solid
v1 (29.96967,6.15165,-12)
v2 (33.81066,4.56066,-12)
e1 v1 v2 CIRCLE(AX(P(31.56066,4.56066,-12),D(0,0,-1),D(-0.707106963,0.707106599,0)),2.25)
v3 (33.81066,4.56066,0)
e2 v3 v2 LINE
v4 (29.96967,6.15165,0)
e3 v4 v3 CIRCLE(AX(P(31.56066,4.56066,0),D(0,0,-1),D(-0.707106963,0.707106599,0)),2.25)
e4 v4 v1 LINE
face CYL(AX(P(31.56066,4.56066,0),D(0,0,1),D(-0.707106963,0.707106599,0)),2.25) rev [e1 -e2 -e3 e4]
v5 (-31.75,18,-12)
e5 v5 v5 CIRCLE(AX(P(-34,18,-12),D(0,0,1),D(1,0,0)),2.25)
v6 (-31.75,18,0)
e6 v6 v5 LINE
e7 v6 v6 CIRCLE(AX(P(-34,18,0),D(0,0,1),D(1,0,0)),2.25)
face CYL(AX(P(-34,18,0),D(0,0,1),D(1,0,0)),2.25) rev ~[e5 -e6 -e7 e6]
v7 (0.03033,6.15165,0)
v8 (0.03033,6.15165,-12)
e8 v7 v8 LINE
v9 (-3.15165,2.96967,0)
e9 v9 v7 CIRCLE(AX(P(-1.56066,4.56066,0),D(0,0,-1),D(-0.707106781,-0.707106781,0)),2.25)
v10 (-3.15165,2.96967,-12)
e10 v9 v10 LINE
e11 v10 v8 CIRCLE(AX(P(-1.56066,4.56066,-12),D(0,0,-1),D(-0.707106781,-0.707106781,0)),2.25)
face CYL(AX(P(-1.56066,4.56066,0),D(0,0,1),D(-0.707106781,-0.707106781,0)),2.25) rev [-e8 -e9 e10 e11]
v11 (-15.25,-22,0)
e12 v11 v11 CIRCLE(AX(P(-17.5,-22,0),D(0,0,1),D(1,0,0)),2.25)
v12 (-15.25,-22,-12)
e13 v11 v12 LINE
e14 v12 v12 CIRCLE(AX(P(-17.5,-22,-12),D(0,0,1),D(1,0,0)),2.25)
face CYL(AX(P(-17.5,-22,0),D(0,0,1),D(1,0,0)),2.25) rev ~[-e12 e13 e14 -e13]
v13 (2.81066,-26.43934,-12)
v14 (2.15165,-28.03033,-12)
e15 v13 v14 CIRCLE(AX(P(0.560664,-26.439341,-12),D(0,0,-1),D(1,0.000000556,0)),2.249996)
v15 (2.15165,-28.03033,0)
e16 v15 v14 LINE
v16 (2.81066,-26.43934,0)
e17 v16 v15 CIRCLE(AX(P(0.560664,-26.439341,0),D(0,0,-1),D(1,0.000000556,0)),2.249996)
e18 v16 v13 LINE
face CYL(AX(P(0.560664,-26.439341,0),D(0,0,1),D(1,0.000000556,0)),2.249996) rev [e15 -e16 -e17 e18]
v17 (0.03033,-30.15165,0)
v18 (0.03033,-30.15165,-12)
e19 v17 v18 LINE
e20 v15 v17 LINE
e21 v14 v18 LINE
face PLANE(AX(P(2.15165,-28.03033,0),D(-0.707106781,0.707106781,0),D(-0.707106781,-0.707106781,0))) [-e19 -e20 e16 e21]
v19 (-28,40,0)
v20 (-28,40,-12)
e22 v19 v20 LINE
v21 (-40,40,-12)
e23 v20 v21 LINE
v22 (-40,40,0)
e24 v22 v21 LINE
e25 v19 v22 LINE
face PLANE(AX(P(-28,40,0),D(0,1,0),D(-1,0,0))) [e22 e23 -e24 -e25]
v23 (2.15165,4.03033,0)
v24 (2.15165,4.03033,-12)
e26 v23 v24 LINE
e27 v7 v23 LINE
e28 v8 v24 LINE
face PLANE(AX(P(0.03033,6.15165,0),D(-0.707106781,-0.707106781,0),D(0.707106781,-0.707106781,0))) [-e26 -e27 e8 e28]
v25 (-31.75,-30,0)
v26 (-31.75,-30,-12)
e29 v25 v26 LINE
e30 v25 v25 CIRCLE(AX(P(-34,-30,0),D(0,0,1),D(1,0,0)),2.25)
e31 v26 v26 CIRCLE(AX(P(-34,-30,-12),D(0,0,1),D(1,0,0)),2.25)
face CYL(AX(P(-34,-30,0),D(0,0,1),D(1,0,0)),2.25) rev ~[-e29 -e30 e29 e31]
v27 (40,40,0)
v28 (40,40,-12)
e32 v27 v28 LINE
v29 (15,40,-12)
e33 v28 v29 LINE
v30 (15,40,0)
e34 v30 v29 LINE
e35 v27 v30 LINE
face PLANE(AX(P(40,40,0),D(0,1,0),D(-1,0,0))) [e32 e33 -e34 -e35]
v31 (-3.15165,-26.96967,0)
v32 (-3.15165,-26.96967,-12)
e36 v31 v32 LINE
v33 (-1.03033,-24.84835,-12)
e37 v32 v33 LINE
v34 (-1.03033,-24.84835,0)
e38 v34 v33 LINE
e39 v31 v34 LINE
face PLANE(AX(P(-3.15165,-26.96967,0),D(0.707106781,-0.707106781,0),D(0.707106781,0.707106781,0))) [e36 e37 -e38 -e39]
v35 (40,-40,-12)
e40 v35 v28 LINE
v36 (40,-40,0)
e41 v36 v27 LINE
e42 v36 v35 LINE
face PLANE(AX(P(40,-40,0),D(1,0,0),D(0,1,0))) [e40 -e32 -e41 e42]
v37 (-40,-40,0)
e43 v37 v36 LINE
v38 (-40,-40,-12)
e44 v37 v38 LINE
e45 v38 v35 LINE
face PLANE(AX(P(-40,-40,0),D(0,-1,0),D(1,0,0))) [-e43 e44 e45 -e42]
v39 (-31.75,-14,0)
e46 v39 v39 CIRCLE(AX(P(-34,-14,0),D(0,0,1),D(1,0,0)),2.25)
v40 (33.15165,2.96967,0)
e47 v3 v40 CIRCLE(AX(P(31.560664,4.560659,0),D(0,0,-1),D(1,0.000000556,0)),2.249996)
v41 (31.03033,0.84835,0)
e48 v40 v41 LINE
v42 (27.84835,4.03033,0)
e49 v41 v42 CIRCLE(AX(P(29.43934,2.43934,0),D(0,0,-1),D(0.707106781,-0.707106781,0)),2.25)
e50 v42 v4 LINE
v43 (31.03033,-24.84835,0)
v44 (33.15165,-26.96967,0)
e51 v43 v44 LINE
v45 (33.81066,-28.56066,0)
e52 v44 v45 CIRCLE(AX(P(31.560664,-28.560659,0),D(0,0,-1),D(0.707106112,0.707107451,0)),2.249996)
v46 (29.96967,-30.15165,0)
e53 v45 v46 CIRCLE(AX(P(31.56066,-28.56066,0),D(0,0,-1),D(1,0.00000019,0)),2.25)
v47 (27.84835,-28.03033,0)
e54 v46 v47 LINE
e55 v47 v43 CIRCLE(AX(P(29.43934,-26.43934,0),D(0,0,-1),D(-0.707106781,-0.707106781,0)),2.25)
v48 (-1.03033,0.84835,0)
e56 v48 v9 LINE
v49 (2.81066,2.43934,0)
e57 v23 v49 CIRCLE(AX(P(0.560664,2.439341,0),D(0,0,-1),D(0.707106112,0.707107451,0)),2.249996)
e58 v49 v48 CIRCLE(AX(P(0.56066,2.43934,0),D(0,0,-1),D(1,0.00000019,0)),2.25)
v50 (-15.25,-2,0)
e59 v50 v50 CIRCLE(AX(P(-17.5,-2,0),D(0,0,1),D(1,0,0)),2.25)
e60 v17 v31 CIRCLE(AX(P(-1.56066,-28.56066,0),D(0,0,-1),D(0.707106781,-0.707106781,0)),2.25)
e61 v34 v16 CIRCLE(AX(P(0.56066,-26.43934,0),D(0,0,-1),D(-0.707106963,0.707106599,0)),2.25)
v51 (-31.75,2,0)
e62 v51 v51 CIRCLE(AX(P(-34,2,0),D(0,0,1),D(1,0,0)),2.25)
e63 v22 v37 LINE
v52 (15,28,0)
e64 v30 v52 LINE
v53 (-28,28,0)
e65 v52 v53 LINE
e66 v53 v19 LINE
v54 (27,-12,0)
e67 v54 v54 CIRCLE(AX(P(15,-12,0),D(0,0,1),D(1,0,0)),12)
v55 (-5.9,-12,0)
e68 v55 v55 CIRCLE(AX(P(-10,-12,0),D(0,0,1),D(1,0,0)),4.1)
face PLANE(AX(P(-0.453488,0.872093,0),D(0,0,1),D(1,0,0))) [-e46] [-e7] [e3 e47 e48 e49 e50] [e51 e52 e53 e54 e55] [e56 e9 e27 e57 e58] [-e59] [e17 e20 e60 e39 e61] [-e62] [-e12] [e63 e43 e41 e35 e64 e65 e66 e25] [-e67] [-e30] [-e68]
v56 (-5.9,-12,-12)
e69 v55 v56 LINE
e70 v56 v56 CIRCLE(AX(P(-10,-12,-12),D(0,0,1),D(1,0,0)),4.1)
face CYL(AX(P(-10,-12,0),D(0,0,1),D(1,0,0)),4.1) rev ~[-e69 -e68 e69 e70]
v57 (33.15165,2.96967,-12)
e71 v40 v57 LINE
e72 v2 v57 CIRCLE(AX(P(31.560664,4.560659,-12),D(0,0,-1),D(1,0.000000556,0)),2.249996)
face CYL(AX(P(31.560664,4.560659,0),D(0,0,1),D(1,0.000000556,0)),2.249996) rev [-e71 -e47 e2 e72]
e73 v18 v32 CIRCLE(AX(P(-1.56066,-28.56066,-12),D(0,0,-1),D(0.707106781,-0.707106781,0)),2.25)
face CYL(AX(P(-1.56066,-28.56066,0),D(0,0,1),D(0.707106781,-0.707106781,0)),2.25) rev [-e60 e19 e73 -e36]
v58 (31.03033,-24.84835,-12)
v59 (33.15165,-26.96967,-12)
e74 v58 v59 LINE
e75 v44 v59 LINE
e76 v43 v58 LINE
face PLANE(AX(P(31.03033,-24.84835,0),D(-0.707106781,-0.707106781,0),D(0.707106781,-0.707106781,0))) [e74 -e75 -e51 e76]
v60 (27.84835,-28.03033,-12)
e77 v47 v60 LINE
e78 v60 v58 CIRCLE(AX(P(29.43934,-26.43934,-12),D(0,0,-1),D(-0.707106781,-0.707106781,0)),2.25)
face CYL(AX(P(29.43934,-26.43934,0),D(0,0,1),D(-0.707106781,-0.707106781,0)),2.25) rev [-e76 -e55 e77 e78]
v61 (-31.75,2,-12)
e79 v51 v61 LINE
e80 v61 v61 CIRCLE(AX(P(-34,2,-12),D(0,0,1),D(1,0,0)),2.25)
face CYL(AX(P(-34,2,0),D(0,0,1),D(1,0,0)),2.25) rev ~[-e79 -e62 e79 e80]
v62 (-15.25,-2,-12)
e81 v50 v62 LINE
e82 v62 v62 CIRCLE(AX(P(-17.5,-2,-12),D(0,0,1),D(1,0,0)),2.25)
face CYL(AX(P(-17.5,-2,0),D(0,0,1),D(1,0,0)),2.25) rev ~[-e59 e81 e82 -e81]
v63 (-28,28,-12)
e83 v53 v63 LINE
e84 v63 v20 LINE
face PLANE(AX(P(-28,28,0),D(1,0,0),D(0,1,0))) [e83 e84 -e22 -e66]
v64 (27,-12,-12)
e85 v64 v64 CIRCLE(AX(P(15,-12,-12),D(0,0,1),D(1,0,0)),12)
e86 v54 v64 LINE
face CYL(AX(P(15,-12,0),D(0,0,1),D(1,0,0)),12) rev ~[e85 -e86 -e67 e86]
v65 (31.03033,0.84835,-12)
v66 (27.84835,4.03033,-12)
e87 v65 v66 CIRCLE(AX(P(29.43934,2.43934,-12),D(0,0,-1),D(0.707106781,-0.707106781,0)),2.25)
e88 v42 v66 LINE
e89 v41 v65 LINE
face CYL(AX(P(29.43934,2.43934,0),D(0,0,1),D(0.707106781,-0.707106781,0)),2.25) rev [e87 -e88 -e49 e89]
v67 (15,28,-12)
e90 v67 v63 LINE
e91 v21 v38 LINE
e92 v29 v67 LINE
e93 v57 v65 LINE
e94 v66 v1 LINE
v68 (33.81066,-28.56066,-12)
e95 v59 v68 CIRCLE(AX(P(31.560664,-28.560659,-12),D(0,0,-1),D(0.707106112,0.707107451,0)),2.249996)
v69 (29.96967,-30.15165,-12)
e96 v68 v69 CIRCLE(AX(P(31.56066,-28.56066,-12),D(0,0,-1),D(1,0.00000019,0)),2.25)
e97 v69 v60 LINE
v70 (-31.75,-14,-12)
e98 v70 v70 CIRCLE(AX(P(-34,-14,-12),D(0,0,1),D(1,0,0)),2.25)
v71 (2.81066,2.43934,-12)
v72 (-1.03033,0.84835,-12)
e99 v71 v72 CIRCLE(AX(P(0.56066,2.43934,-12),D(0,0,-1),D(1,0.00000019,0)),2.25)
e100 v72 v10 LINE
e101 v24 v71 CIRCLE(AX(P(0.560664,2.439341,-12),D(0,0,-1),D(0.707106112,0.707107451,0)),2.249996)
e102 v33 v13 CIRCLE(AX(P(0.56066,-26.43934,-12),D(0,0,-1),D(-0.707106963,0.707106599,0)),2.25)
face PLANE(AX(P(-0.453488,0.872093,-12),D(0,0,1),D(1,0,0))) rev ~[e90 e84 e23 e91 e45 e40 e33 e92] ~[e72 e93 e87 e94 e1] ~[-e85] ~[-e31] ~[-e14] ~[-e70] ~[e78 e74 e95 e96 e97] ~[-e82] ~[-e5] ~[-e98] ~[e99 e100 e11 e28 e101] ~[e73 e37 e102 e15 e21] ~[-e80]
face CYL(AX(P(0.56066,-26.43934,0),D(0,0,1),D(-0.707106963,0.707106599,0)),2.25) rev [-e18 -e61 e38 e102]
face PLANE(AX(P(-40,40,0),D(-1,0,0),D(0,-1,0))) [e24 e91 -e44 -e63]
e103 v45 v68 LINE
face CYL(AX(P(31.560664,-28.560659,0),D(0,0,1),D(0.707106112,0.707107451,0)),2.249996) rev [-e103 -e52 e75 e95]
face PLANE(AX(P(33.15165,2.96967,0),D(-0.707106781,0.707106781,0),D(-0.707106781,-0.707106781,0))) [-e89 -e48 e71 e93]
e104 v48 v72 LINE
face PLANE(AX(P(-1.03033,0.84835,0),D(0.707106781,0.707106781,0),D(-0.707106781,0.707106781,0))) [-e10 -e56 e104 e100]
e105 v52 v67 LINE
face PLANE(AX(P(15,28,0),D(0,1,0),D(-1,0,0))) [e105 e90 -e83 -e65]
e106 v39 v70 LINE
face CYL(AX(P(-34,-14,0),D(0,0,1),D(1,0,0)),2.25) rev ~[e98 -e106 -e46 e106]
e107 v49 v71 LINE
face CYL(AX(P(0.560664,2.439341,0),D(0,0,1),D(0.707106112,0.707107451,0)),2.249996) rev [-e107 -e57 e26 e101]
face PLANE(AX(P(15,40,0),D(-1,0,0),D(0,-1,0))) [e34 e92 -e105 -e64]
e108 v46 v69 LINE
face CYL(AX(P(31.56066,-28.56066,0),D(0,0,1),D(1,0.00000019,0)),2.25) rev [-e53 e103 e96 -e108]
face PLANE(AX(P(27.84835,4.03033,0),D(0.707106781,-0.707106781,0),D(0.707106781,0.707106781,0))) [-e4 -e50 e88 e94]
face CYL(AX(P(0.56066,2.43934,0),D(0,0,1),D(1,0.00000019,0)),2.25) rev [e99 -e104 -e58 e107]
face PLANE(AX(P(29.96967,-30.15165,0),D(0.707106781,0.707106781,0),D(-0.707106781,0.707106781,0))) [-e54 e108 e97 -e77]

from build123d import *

# Parameters (mm, degrees)
F0_R     = 2.25
F0_R_2   = 4.1
F0_R_3   = 12
F1_DEPTH = 12


with BuildPart() as f1:
    # F0 (on Top) → F1 (new body)
    with BuildSketch(Plane.XY):
        Polygon((-40, 40), (-40, -40), (40, -40), (40, 40), (15, 40), (15, 28), (-28, 28), (-28, 40), align=None)
        with Locations((-34, -30)):
            Circle(F0_R, mode=Mode.SUBTRACT)
        with Locations((-17.5, -22)):
            Circle(F0_R, mode=Mode.SUBTRACT)
        with BuildLine():
            ThreePointArc((-1.03033, -24.84835), (1.421698, -24.360611), (2.81066, -26.43934))
            ThreePointArc((2.81066, -26.43934), (2.639389, -27.300378), (2.15165, -28.03033))
            Line((2.15165, -28.03033), (0.03033, -30.15165))
            ThreePointArc((0.03033, -30.15165), (-3.15165, -30.15165), (-3.15165, -26.96967))
            Line((-3.15165, -26.96967), (-1.03033, -24.84835))
        make_face(mode=Mode.SUBTRACT)
        with Locations((-34, -14)):
            Circle(F0_R, mode=Mode.SUBTRACT)
        with Locations((-10, -12)):
            Circle(F0_R_2, mode=Mode.SUBTRACT)
        with Locations((-17.5, -2)):
            Circle(F0_R, mode=Mode.SUBTRACT)
        with BuildLine():
            ThreePointArc((33.81066, -28.56066), (32.421698, -30.639389), (29.96967, -30.15165))
            Line((29.96967, -30.15165), (27.84835, -28.03033))
            ThreePointArc((27.84835, -28.03033), (27.84835, -24.84835), (31.03033, -24.84835))
            Line((31.03033, -24.84835), (33.15165, -26.96967))
            ThreePointArc((33.15165, -26.96967), (33.639389, -27.699622), (33.81066, -28.56066))
        make_face(mode=Mode.SUBTRACT)
        with Locations((15, -12)):
            Circle(F0_R_3, mode=Mode.SUBTRACT)
        with Locations((-34, 2)):
            Circle(F0_R, mode=Mode.SUBTRACT)
        with Locations((-34, 18)):
            Circle(F0_R, mode=Mode.SUBTRACT)
        with BuildLine():
            ThreePointArc((-3.15165, 2.96967), (-3.15165, 6.15165), (0.03033, 6.15165))
            Line((0.03033, 6.15165), (2.15165, 4.03033))
            ThreePointArc((2.15165, 4.03033), (2.639389, 3.300378), (2.81066, 2.43934))
            ThreePointArc((2.81066, 2.43934), (1.421698, 0.360611), (-1.03033, 0.84835))
            Line((-1.03033, 0.84835), (-3.15165, 2.96967))
        make_face(mode=Mode.SUBTRACT)
        with BuildLine():
            ThreePointArc((29.96967, 6.15165), (32.421698, 6.639389), (33.81066, 4.56066))
            ThreePointArc((33.81066, 4.56066), (33.639389, 3.699622), (33.15165, 2.96967))
            Line((33.15165, 2.96967), (31.03033, 0.84835))
            ThreePointArc((31.03033, 0.84835), (27.84835, 0.84835), (27.84835, 4.03033))
            Line((27.84835, 4.03033), (29.96967, 6.15165))
        make_face(mode=Mode.SUBTRACT)
    extrude(amount=-F1_DEPTH)


solid = f1.part
